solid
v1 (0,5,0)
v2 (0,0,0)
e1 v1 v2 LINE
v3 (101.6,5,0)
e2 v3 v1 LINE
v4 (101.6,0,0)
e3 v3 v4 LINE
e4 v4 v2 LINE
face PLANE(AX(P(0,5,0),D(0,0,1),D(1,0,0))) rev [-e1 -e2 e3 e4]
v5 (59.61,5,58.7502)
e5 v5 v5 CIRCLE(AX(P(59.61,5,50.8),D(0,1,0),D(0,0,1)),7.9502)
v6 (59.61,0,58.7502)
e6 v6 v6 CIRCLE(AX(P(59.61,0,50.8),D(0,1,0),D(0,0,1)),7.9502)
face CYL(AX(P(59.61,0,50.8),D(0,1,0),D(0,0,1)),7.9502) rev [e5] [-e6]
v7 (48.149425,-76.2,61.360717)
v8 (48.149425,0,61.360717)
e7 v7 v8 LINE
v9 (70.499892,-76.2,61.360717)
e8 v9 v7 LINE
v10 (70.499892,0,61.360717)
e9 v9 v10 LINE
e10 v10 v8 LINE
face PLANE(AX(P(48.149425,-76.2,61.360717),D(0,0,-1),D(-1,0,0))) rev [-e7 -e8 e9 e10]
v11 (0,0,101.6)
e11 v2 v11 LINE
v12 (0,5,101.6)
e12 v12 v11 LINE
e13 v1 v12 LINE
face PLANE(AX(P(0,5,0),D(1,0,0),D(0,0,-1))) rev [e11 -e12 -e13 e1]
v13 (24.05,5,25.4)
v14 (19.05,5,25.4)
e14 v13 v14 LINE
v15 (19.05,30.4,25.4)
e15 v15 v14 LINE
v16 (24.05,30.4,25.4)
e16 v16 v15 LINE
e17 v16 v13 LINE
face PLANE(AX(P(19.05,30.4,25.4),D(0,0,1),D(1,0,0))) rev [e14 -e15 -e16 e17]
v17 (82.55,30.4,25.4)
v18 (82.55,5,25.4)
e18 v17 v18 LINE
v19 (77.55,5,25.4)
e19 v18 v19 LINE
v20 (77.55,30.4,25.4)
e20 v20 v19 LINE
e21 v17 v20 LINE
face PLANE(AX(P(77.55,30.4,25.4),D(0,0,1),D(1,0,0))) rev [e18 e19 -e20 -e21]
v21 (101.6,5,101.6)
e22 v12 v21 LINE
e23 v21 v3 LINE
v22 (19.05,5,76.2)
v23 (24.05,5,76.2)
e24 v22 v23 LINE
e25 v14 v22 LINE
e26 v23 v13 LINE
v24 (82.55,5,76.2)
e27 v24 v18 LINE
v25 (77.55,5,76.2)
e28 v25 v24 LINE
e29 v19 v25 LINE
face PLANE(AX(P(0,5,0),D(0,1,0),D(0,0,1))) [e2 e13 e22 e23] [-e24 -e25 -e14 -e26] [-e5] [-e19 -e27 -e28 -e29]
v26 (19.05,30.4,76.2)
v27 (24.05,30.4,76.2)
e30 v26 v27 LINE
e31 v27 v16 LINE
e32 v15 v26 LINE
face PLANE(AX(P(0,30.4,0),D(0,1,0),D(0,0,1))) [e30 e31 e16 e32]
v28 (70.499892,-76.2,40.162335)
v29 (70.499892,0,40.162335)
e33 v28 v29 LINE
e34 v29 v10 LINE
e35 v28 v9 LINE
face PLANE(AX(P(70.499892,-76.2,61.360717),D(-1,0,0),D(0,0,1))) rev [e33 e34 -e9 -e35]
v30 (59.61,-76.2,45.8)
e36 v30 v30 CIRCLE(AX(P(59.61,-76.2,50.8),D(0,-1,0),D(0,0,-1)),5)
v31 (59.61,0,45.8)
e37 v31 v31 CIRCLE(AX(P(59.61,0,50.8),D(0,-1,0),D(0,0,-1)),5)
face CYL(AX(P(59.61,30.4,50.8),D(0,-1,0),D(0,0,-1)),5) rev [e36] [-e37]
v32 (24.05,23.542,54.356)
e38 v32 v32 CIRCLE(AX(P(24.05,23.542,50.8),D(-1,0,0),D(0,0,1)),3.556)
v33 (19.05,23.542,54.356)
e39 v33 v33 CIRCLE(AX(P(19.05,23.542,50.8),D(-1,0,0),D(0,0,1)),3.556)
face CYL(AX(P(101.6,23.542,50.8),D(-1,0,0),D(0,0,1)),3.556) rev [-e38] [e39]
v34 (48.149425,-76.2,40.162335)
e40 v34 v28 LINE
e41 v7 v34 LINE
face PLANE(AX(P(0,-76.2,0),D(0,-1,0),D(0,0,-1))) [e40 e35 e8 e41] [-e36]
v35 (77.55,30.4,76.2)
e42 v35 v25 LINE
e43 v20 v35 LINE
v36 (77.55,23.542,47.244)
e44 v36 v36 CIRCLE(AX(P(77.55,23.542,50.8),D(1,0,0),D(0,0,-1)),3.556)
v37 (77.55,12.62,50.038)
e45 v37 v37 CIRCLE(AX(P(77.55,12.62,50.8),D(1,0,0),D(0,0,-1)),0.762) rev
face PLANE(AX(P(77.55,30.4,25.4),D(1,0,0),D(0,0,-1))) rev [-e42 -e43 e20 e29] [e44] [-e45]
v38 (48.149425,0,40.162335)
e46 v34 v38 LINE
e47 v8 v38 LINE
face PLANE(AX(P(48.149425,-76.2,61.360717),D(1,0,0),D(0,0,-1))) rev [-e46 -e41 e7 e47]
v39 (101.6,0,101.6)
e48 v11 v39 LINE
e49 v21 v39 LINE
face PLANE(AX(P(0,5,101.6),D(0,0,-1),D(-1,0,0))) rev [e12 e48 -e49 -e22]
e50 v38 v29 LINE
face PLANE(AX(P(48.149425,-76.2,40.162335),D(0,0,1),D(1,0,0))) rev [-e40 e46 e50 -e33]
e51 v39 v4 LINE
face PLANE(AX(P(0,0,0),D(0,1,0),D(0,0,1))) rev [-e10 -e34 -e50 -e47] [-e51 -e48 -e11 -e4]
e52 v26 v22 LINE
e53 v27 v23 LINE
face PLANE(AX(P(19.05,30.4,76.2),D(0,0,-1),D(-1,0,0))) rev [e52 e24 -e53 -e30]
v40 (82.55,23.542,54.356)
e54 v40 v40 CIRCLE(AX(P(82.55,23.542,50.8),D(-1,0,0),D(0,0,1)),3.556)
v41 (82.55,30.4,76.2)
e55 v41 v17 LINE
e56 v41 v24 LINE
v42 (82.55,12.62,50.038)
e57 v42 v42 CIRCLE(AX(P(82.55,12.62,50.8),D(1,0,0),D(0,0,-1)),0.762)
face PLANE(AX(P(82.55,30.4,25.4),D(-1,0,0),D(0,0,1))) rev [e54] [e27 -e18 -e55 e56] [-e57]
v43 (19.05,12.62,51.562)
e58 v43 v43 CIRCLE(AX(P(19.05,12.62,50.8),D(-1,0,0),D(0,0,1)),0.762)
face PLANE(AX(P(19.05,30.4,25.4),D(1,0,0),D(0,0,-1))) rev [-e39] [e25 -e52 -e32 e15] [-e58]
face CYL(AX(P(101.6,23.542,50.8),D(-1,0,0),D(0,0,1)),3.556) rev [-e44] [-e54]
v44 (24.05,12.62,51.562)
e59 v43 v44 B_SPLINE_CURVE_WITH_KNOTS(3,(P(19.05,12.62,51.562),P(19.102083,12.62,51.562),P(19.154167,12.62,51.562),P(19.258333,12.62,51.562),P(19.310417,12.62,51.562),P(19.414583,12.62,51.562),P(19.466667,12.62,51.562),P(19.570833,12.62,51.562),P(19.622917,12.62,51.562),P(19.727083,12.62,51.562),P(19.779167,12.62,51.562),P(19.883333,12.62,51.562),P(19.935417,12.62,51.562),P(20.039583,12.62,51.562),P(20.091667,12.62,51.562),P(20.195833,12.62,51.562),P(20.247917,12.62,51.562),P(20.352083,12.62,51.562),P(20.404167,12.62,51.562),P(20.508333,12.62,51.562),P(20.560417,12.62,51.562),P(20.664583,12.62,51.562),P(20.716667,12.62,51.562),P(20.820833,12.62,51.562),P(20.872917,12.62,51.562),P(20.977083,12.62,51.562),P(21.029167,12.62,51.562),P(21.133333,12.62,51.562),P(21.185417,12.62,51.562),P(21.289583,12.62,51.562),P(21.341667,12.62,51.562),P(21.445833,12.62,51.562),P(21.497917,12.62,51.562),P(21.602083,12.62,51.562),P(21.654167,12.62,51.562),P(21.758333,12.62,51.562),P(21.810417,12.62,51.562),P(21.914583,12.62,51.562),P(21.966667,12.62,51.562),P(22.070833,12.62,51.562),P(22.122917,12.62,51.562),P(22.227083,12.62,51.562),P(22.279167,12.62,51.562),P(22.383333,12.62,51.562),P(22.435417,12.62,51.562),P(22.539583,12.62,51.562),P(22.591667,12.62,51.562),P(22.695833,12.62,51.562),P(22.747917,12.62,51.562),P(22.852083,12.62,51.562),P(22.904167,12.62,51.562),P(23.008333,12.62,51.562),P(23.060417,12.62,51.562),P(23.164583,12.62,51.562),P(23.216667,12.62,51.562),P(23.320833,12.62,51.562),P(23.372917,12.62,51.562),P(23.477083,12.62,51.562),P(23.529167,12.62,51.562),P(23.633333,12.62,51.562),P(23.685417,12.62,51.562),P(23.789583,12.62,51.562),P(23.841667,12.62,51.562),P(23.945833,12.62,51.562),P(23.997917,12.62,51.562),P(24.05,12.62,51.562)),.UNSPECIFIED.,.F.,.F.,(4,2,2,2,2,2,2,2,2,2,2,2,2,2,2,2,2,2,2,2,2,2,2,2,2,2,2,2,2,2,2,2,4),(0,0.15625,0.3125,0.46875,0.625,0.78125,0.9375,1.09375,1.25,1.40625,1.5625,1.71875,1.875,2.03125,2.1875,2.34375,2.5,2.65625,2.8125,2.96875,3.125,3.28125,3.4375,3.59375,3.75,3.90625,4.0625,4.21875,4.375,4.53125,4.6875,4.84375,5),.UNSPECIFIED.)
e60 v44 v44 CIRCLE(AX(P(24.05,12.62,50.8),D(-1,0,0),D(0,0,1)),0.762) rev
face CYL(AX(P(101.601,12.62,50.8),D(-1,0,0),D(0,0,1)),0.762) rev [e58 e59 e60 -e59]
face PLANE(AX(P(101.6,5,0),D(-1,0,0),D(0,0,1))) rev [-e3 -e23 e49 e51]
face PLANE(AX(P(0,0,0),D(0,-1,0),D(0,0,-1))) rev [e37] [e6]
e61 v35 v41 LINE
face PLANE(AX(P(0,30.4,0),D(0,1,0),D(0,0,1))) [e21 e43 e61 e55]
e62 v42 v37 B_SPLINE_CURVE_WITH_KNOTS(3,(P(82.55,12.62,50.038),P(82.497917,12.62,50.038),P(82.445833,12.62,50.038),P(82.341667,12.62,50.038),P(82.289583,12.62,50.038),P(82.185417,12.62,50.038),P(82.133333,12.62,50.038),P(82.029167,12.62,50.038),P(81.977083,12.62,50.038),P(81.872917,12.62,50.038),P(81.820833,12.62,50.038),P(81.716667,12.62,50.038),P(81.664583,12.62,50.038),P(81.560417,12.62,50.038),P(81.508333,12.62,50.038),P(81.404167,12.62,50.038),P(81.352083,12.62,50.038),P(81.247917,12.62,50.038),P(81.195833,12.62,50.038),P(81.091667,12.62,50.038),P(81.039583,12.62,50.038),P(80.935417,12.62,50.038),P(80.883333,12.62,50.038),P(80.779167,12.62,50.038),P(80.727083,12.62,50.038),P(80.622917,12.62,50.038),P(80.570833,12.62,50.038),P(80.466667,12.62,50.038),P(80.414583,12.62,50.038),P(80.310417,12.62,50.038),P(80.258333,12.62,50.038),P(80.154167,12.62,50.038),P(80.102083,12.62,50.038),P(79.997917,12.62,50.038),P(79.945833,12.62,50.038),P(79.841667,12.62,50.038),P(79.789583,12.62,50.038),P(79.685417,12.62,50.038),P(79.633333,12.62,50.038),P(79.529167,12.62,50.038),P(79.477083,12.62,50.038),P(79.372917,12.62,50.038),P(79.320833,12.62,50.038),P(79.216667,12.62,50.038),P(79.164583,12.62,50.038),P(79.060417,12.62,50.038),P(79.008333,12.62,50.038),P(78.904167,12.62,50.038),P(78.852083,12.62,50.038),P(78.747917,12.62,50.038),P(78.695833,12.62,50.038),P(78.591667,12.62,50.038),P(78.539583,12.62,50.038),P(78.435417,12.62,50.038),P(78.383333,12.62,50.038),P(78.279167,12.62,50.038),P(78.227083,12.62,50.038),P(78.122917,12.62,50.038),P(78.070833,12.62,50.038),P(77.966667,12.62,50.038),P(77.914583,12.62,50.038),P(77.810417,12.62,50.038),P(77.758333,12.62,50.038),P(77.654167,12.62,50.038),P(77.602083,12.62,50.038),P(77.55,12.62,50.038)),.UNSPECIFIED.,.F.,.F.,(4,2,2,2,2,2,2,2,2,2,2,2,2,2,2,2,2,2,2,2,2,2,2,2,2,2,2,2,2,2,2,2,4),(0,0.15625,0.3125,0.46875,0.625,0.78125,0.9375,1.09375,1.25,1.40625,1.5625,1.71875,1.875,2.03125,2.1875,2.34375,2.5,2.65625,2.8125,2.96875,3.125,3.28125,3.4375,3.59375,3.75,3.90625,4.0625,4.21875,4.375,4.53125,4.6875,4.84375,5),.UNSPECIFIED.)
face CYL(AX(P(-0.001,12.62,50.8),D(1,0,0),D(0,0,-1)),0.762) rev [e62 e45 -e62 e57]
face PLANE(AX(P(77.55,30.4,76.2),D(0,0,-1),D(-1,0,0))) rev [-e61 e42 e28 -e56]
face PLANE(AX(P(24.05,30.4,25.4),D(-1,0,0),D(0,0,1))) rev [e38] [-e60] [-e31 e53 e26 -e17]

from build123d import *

# Parameters (mm, degrees)
SKETCH2_W           = 101.6
SKETCH2_H           = 101.6
BOSS_EXTRUDE2_DEPTH = 5
SKETCH3_W           = 5
SKETCH3_H           = 50.8
BOSS_EXTRUDE3_DEPTH = 25.4
SKETCH4_W           = 5
SKETCH4_H           = 50.8
BOSS_EXTRUDE4_DEPTH = 25.4
SKETCH8_R           = 3.556
CUT_EXTRUDE1_DEPTH  = 135.392047756
CUT_EXTRUDE2_REACH  = 136.392
SKETCH9_R           = 0.762
SKETCH11_R          = 7.9502
CUT_EXTRUDE3_DEPTH  = 146.911891222
CUT_EXTRUDE5_REACH  = 136.392
SKETCH18_R          = 0.762
SKETCH19_W          = 22.350467385
SKETCH19_H          = 21.198381437
BOSS_EXTRUDE5_DEPTH = 76.2
SKETCH22_R          = 5
CUT_EXTRUDE6_DEPTH  = 179.909697893


with BuildPart() as part:
    # Sketch2 → Boss-Extrude2 (new body)
    with BuildSketch(Plane(origin=(0, 0, 0), x_dir=(1, 0, 0), z_dir=(0, 1, 0))):
        with Locations((50.8, -50.8)):
            Rectangle(SKETCH2_W, SKETCH2_H)
    extrude(amount=BOSS_EXTRUDE2_DEPTH)

    # Sketch3 → Boss-Extrude3 (add)
    with BuildSketch(Plane(origin=(0, 5, 0), x_dir=(1, 0, 0), z_dir=(0, 1, 0))):
        with Locations((21.55, -50.8)):
            Rectangle(SKETCH3_W, SKETCH3_H)
    extrude(amount=BOSS_EXTRUDE3_DEPTH)

    # Sketch4 → Boss-Extrude4 (add)
    with BuildSketch(Plane(origin=(0, 5, 0), x_dir=(1, 0, 0), z_dir=(0, 1, 0))):
        with Locations((80.05, -50.8)):
            Rectangle(SKETCH4_W, SKETCH4_H)
    extrude(amount=BOSS_EXTRUDE4_DEPTH)

    # Sketch8 → Cut-Extrude1 (cut, through all)
    with BuildSketch(Plane.ZY.offset(-19.05)):
        with Locations((50.8, 23.542)):
            Circle(SKETCH8_R)
    extrude(amount=-CUT_EXTRUDE1_DEPTH, mode=Mode.SUBTRACT)

    # Sketch9 → Cut-Extrude2 (cut, up to next)
    with BuildSketch(Plane(origin=(82.55, 0, 0), x_dir=(0, 0, -1), z_dir=(1, 0, 0)), mode=Mode.PRIVATE) as cut_extrude2_sk1:
        with Locations((-50.8, 12.62)):
            Circle(SKETCH9_R)
    cut_extrude2_tool1 = extrude(cut_extrude2_sk1.sketch, amount=-CUT_EXTRUDE2_REACH, mode=Mode.PRIVATE) & part.part
    add(cut_extrude2_tool1.solids().sort_by_distance((82.55, 12.62, 50.8))[0], mode=Mode.SUBTRACT)

    # Sketch11 → Cut-Extrude3 (cut, through all)
    with BuildSketch(Plane(origin=(0, 5, 0), x_dir=(1, 0, 0), z_dir=(0, 1, 0))):
        with Locations(Location((59.61, -50.8, 0), (0, 0, 270))):
            Circle(SKETCH11_R)
    extrude(amount=-CUT_EXTRUDE3_DEPTH, mode=Mode.SUBTRACT)

    # Sketch18 → Cut-Extrude5 (cut, up to next)
    with BuildSketch(Plane.ZY.offset(-19.05), mode=Mode.PRIVATE) as cut_extrude5_sk1:
        with Locations(Location((50.8, 12.62, 0), (0, 0, 180))):
            Circle(SKETCH18_R)
    cut_extrude5_tool1 = extrude(cut_extrude5_sk1.sketch, amount=-CUT_EXTRUDE5_REACH, mode=Mode.PRIVATE) & part.part
    add(cut_extrude5_tool1.solids().sort_by_distance((19.05, 12.62, 50.8))[0], mode=Mode.SUBTRACT)

    # Sketch19 → Boss-Extrude5 (add)
    with BuildSketch(Plane.XZ):
        with Locations((59.324658632, 50.761526183)):
            Rectangle(SKETCH19_W, SKETCH19_H)
    extrude(amount=BOSS_EXTRUDE5_DEPTH)

    # Sketch22 → Cut-Extrude6 (cut, through all)
    with BuildSketch(Plane.XZ.offset(76.2)):
        with Locations(Location((59.61, 50.8, 0), (0, 0, 270))):
            Circle(SKETCH22_R)
    extrude(amount=-CUT_EXTRUDE6_DEPTH, mode=Mode.SUBTRACT)


solid = part.part
